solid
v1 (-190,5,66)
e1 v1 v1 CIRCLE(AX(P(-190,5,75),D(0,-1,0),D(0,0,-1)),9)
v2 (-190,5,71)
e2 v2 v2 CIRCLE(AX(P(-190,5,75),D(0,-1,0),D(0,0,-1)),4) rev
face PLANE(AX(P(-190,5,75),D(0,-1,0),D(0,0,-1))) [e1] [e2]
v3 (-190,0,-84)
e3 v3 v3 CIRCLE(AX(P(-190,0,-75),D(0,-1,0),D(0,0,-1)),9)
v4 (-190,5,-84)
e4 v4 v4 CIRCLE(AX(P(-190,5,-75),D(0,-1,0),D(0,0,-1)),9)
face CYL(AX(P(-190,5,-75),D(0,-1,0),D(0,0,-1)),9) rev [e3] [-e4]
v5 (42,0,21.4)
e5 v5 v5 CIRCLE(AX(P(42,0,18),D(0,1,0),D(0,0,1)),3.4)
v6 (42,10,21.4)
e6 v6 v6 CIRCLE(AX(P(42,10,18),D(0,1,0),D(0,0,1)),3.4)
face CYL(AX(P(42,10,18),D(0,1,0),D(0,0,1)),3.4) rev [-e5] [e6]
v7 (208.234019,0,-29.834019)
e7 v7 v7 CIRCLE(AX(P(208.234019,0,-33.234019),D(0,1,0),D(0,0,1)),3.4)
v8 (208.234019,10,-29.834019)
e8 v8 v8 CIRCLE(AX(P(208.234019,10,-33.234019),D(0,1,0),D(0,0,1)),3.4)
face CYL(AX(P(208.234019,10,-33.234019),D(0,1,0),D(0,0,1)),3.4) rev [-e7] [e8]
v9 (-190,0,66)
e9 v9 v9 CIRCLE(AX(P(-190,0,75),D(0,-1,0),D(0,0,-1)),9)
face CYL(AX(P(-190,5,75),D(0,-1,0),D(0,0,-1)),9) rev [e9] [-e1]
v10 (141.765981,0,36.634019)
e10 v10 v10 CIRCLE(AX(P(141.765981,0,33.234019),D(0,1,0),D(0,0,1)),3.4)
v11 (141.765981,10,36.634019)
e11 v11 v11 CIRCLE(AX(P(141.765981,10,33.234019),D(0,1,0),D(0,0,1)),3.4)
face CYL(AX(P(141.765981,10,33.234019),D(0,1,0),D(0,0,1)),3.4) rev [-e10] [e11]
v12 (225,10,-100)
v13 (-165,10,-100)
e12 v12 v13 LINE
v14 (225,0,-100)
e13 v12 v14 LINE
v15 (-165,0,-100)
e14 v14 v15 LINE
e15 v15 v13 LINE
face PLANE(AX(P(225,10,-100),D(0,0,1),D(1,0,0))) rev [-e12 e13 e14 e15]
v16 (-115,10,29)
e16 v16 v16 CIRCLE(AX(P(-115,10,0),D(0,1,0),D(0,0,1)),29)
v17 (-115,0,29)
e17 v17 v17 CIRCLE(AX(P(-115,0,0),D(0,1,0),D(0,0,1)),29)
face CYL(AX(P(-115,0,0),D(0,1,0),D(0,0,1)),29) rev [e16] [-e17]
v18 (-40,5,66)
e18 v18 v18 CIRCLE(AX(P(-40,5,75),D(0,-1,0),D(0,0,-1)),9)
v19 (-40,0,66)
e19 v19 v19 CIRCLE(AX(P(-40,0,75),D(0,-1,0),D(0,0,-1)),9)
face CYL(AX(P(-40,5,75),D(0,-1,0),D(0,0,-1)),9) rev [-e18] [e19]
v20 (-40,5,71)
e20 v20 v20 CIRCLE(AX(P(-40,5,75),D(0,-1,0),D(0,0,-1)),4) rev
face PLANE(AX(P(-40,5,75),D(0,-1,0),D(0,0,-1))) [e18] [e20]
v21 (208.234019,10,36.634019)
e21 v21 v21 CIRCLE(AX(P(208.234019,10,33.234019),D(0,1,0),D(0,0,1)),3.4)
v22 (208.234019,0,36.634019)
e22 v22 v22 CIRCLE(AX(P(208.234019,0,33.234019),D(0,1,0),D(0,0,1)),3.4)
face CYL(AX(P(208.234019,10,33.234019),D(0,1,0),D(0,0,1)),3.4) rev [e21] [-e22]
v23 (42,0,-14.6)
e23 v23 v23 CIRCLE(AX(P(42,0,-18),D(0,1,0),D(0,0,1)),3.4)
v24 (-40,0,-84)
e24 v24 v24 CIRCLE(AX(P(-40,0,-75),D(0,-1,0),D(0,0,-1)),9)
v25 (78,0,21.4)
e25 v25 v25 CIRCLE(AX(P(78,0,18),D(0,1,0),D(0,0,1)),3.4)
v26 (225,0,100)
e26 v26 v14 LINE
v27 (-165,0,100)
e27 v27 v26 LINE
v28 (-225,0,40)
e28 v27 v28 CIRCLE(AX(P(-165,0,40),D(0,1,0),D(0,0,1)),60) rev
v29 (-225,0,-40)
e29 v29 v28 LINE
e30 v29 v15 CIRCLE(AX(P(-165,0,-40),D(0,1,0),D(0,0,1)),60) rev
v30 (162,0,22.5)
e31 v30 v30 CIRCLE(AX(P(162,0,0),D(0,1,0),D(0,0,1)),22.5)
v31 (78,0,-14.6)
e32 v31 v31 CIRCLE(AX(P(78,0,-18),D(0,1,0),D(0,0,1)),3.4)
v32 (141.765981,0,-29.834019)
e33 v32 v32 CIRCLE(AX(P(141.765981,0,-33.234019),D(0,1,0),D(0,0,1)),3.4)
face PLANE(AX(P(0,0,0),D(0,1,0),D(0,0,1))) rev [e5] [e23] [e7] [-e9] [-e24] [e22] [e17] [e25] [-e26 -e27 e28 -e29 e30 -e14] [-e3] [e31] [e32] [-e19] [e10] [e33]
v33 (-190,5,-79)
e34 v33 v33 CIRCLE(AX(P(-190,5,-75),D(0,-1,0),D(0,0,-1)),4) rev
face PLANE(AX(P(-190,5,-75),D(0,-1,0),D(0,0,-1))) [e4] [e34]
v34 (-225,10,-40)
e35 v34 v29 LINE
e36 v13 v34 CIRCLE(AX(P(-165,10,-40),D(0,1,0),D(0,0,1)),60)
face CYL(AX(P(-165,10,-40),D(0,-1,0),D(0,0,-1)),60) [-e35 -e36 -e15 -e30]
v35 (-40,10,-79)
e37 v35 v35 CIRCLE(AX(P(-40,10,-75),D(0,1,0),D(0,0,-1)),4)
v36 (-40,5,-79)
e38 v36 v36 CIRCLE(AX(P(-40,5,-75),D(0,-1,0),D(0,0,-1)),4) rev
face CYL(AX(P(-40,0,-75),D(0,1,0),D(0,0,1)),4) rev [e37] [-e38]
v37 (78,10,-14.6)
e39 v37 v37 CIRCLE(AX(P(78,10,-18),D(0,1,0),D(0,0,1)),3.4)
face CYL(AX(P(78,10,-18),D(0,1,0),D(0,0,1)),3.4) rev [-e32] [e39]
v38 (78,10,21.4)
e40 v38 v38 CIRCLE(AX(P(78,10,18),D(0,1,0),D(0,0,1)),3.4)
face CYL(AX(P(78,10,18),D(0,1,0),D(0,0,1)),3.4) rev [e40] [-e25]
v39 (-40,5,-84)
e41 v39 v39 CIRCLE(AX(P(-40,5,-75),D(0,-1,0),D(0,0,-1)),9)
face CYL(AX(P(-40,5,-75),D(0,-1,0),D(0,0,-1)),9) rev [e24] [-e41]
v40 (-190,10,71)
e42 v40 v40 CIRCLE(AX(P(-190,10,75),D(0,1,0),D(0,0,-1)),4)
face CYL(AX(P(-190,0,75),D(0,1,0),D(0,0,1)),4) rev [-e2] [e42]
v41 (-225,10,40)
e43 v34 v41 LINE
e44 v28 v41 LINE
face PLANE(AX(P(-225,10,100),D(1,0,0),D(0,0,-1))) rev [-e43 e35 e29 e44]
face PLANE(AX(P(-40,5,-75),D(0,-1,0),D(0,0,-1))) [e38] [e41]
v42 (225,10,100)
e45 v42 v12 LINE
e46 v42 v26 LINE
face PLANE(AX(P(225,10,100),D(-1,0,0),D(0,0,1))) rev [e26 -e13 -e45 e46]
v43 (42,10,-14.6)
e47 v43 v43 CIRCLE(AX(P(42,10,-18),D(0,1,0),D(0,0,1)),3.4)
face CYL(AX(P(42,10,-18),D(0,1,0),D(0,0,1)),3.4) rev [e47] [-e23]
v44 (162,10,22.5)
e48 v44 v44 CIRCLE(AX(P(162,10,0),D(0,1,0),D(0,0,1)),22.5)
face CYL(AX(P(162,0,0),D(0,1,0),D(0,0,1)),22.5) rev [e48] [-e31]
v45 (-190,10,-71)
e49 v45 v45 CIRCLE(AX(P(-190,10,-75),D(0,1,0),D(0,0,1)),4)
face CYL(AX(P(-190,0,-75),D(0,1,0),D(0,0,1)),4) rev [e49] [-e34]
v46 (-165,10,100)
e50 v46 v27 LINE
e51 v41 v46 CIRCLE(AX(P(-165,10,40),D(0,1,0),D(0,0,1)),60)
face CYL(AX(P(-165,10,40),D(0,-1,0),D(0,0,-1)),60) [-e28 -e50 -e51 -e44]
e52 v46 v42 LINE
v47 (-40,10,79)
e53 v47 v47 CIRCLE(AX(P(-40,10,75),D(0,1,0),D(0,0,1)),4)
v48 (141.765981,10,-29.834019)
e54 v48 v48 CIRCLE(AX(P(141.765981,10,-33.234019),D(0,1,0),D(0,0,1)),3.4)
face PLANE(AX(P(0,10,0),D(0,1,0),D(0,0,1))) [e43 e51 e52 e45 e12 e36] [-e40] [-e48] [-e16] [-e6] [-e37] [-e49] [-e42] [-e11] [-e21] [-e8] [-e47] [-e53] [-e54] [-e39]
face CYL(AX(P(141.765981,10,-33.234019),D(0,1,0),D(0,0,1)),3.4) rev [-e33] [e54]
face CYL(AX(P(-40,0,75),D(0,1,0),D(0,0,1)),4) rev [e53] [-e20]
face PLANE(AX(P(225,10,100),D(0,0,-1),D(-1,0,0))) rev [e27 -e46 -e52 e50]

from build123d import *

# Parameters (mm, degrees)
SKETCH1_W             = 450
SKETCH1_H             = 200
EXTRUDE1_DEPTH        = 10
SKETCH2_R             = 29
SKETCH2_R_2           = 4
EXTRUDE2_DEPTH        = 10
M8_TAPPED_HOLE2_D     = 6.8
M8_TAPPED_HOLE2_DEPTH = 19.75
M8_TAPPED_HOLE2_TIP   = 2.042926105
SKETCH6_R             = 22.5
EXTRUDE3_DEPTH        = 10
SKETCH7_R             = 9
EXTRUDE4_DEPTH        = 5
LPATTERN1_COUNT       = 2
LPATTERN1_PITCH       = 150
LPATTERN1_COUNT_DIR2  = 2
LPATTERN1_PITCH_DIR2  = 150
M8_TAPPED_HOLE3_D     = 6.8
M8_TAPPED_HOLE3_DEPTH = 19.75
M8_TAPPED_HOLE3_TIP   = 2.042926105
FILLET1_R             = 60


with BuildPart() as part:
    # Sketch1 → Extrude1 (new body)
    with BuildSketch(Plane(origin=(0, 0, 0), x_dir=(1, 0, 0), z_dir=(0, 1, 0))):
        Rectangle(SKETCH1_W, SKETCH1_H)
    extrude(amount=EXTRUDE1_DEPTH)

    # Sketch2 → Extrude2 (cut)
    with BuildSketch(Plane(origin=(0, 10, 0), x_dir=(1, 0, 0), z_dir=(0, 1, 0))):
        with Locations(Location((-115, 0, 0), (0, 0, 270))):
            Circle(SKETCH2_R)
        with Locations(Location((-190, 75, 0), (0, 0, 270))):
            Circle(SKETCH2_R_2)
        with Locations(Location((-40, 75, 0), (0, 0, 90))):
            Circle(SKETCH2_R_2)
        with Locations(Location((-40, -75, 0), (0, 0, 270))):
            Circle(SKETCH2_R_2)
        with Locations(Location((-190, -75, 0), (0, 0, 90))):
            Circle(SKETCH2_R_2)
    extrude(amount=-EXTRUDE2_DEPTH, mode=Mode.SUBTRACT)

    # M8 Tapped Hole2
    with Locations(Plane(origin=(141.765981284, 10, -33.234018716), x_dir=(0, 0, 1), z_dir=(0, 1, 0))):
        with Locations((0, 0), (0, 66.468037432), (66.468037432, 0), (66.468037432, 66.468037432)):
            Hole(M8_TAPPED_HOLE2_D / 2, depth=M8_TAPPED_HOLE2_DEPTH)
            with Locations((0, 0, -(M8_TAPPED_HOLE2_DEPTH + M8_TAPPED_HOLE2_TIP / 2))):  # 118° drill point
                Cone(0, M8_TAPPED_HOLE2_D / 2, M8_TAPPED_HOLE2_TIP, mode=Mode.SUBTRACT)

    # Sketch6 → Extrude3 (cut)
    with BuildSketch(Plane(origin=(0, 10, 0), x_dir=(1, 0, 0), z_dir=(0, 1, 0))):
        with Locations(Location((162, 0, 0), (0, 0, 270))):
            Circle(SKETCH6_R)
    extrude(amount=-EXTRUDE3_DEPTH, mode=Mode.SUBTRACT)

    # Sketch7 → Extrude4 (cut)
    with BuildSketch(Plane.XZ):
        with Locations(Location((-190, 75, 0), (0, 0, 270))):
            Circle(SKETCH7_R)
    extrude4 = extrude(amount=-EXTRUDE4_DEPTH, mode=Mode.SUBTRACT)

    # LPattern1: Extrude4 2 × 2
    with Locations(*[(i * LPATTERN1_PITCH, 0, -j * LPATTERN1_PITCH_DIR2) for i in range(LPATTERN1_COUNT) for j in range(LPATTERN1_COUNT_DIR2) if (i, j) != (0, 0)]):
        add(extrude4, mode=Mode.SUBTRACT)

    # M8 Tapped Hole3
    with Locations(Plane(origin=(42, 10, -18), x_dir=(0, 0, 1), z_dir=(0, 1, 0))):
        with Locations((0, 0), (0, 36), (36, 0), (36, 36)):
            Hole(M8_TAPPED_HOLE3_D / 2, depth=M8_TAPPED_HOLE3_DEPTH)
            with Locations((0, 0, -(M8_TAPPED_HOLE3_DEPTH + M8_TAPPED_HOLE3_TIP / 2))):  # 118° drill point
                Cone(0, M8_TAPPED_HOLE3_D / 2, M8_TAPPED_HOLE3_TIP, mode=Mode.SUBTRACT)

    # Fillet1
    fillet1_edges = [part.edges().sort_by_distance(p)[0] for p in [
        (-225, 5, -100),
        (-225, 5, 100),
    ]]
    fillet(fillet1_edges, radius=FILLET1_R)


solid = part.part
